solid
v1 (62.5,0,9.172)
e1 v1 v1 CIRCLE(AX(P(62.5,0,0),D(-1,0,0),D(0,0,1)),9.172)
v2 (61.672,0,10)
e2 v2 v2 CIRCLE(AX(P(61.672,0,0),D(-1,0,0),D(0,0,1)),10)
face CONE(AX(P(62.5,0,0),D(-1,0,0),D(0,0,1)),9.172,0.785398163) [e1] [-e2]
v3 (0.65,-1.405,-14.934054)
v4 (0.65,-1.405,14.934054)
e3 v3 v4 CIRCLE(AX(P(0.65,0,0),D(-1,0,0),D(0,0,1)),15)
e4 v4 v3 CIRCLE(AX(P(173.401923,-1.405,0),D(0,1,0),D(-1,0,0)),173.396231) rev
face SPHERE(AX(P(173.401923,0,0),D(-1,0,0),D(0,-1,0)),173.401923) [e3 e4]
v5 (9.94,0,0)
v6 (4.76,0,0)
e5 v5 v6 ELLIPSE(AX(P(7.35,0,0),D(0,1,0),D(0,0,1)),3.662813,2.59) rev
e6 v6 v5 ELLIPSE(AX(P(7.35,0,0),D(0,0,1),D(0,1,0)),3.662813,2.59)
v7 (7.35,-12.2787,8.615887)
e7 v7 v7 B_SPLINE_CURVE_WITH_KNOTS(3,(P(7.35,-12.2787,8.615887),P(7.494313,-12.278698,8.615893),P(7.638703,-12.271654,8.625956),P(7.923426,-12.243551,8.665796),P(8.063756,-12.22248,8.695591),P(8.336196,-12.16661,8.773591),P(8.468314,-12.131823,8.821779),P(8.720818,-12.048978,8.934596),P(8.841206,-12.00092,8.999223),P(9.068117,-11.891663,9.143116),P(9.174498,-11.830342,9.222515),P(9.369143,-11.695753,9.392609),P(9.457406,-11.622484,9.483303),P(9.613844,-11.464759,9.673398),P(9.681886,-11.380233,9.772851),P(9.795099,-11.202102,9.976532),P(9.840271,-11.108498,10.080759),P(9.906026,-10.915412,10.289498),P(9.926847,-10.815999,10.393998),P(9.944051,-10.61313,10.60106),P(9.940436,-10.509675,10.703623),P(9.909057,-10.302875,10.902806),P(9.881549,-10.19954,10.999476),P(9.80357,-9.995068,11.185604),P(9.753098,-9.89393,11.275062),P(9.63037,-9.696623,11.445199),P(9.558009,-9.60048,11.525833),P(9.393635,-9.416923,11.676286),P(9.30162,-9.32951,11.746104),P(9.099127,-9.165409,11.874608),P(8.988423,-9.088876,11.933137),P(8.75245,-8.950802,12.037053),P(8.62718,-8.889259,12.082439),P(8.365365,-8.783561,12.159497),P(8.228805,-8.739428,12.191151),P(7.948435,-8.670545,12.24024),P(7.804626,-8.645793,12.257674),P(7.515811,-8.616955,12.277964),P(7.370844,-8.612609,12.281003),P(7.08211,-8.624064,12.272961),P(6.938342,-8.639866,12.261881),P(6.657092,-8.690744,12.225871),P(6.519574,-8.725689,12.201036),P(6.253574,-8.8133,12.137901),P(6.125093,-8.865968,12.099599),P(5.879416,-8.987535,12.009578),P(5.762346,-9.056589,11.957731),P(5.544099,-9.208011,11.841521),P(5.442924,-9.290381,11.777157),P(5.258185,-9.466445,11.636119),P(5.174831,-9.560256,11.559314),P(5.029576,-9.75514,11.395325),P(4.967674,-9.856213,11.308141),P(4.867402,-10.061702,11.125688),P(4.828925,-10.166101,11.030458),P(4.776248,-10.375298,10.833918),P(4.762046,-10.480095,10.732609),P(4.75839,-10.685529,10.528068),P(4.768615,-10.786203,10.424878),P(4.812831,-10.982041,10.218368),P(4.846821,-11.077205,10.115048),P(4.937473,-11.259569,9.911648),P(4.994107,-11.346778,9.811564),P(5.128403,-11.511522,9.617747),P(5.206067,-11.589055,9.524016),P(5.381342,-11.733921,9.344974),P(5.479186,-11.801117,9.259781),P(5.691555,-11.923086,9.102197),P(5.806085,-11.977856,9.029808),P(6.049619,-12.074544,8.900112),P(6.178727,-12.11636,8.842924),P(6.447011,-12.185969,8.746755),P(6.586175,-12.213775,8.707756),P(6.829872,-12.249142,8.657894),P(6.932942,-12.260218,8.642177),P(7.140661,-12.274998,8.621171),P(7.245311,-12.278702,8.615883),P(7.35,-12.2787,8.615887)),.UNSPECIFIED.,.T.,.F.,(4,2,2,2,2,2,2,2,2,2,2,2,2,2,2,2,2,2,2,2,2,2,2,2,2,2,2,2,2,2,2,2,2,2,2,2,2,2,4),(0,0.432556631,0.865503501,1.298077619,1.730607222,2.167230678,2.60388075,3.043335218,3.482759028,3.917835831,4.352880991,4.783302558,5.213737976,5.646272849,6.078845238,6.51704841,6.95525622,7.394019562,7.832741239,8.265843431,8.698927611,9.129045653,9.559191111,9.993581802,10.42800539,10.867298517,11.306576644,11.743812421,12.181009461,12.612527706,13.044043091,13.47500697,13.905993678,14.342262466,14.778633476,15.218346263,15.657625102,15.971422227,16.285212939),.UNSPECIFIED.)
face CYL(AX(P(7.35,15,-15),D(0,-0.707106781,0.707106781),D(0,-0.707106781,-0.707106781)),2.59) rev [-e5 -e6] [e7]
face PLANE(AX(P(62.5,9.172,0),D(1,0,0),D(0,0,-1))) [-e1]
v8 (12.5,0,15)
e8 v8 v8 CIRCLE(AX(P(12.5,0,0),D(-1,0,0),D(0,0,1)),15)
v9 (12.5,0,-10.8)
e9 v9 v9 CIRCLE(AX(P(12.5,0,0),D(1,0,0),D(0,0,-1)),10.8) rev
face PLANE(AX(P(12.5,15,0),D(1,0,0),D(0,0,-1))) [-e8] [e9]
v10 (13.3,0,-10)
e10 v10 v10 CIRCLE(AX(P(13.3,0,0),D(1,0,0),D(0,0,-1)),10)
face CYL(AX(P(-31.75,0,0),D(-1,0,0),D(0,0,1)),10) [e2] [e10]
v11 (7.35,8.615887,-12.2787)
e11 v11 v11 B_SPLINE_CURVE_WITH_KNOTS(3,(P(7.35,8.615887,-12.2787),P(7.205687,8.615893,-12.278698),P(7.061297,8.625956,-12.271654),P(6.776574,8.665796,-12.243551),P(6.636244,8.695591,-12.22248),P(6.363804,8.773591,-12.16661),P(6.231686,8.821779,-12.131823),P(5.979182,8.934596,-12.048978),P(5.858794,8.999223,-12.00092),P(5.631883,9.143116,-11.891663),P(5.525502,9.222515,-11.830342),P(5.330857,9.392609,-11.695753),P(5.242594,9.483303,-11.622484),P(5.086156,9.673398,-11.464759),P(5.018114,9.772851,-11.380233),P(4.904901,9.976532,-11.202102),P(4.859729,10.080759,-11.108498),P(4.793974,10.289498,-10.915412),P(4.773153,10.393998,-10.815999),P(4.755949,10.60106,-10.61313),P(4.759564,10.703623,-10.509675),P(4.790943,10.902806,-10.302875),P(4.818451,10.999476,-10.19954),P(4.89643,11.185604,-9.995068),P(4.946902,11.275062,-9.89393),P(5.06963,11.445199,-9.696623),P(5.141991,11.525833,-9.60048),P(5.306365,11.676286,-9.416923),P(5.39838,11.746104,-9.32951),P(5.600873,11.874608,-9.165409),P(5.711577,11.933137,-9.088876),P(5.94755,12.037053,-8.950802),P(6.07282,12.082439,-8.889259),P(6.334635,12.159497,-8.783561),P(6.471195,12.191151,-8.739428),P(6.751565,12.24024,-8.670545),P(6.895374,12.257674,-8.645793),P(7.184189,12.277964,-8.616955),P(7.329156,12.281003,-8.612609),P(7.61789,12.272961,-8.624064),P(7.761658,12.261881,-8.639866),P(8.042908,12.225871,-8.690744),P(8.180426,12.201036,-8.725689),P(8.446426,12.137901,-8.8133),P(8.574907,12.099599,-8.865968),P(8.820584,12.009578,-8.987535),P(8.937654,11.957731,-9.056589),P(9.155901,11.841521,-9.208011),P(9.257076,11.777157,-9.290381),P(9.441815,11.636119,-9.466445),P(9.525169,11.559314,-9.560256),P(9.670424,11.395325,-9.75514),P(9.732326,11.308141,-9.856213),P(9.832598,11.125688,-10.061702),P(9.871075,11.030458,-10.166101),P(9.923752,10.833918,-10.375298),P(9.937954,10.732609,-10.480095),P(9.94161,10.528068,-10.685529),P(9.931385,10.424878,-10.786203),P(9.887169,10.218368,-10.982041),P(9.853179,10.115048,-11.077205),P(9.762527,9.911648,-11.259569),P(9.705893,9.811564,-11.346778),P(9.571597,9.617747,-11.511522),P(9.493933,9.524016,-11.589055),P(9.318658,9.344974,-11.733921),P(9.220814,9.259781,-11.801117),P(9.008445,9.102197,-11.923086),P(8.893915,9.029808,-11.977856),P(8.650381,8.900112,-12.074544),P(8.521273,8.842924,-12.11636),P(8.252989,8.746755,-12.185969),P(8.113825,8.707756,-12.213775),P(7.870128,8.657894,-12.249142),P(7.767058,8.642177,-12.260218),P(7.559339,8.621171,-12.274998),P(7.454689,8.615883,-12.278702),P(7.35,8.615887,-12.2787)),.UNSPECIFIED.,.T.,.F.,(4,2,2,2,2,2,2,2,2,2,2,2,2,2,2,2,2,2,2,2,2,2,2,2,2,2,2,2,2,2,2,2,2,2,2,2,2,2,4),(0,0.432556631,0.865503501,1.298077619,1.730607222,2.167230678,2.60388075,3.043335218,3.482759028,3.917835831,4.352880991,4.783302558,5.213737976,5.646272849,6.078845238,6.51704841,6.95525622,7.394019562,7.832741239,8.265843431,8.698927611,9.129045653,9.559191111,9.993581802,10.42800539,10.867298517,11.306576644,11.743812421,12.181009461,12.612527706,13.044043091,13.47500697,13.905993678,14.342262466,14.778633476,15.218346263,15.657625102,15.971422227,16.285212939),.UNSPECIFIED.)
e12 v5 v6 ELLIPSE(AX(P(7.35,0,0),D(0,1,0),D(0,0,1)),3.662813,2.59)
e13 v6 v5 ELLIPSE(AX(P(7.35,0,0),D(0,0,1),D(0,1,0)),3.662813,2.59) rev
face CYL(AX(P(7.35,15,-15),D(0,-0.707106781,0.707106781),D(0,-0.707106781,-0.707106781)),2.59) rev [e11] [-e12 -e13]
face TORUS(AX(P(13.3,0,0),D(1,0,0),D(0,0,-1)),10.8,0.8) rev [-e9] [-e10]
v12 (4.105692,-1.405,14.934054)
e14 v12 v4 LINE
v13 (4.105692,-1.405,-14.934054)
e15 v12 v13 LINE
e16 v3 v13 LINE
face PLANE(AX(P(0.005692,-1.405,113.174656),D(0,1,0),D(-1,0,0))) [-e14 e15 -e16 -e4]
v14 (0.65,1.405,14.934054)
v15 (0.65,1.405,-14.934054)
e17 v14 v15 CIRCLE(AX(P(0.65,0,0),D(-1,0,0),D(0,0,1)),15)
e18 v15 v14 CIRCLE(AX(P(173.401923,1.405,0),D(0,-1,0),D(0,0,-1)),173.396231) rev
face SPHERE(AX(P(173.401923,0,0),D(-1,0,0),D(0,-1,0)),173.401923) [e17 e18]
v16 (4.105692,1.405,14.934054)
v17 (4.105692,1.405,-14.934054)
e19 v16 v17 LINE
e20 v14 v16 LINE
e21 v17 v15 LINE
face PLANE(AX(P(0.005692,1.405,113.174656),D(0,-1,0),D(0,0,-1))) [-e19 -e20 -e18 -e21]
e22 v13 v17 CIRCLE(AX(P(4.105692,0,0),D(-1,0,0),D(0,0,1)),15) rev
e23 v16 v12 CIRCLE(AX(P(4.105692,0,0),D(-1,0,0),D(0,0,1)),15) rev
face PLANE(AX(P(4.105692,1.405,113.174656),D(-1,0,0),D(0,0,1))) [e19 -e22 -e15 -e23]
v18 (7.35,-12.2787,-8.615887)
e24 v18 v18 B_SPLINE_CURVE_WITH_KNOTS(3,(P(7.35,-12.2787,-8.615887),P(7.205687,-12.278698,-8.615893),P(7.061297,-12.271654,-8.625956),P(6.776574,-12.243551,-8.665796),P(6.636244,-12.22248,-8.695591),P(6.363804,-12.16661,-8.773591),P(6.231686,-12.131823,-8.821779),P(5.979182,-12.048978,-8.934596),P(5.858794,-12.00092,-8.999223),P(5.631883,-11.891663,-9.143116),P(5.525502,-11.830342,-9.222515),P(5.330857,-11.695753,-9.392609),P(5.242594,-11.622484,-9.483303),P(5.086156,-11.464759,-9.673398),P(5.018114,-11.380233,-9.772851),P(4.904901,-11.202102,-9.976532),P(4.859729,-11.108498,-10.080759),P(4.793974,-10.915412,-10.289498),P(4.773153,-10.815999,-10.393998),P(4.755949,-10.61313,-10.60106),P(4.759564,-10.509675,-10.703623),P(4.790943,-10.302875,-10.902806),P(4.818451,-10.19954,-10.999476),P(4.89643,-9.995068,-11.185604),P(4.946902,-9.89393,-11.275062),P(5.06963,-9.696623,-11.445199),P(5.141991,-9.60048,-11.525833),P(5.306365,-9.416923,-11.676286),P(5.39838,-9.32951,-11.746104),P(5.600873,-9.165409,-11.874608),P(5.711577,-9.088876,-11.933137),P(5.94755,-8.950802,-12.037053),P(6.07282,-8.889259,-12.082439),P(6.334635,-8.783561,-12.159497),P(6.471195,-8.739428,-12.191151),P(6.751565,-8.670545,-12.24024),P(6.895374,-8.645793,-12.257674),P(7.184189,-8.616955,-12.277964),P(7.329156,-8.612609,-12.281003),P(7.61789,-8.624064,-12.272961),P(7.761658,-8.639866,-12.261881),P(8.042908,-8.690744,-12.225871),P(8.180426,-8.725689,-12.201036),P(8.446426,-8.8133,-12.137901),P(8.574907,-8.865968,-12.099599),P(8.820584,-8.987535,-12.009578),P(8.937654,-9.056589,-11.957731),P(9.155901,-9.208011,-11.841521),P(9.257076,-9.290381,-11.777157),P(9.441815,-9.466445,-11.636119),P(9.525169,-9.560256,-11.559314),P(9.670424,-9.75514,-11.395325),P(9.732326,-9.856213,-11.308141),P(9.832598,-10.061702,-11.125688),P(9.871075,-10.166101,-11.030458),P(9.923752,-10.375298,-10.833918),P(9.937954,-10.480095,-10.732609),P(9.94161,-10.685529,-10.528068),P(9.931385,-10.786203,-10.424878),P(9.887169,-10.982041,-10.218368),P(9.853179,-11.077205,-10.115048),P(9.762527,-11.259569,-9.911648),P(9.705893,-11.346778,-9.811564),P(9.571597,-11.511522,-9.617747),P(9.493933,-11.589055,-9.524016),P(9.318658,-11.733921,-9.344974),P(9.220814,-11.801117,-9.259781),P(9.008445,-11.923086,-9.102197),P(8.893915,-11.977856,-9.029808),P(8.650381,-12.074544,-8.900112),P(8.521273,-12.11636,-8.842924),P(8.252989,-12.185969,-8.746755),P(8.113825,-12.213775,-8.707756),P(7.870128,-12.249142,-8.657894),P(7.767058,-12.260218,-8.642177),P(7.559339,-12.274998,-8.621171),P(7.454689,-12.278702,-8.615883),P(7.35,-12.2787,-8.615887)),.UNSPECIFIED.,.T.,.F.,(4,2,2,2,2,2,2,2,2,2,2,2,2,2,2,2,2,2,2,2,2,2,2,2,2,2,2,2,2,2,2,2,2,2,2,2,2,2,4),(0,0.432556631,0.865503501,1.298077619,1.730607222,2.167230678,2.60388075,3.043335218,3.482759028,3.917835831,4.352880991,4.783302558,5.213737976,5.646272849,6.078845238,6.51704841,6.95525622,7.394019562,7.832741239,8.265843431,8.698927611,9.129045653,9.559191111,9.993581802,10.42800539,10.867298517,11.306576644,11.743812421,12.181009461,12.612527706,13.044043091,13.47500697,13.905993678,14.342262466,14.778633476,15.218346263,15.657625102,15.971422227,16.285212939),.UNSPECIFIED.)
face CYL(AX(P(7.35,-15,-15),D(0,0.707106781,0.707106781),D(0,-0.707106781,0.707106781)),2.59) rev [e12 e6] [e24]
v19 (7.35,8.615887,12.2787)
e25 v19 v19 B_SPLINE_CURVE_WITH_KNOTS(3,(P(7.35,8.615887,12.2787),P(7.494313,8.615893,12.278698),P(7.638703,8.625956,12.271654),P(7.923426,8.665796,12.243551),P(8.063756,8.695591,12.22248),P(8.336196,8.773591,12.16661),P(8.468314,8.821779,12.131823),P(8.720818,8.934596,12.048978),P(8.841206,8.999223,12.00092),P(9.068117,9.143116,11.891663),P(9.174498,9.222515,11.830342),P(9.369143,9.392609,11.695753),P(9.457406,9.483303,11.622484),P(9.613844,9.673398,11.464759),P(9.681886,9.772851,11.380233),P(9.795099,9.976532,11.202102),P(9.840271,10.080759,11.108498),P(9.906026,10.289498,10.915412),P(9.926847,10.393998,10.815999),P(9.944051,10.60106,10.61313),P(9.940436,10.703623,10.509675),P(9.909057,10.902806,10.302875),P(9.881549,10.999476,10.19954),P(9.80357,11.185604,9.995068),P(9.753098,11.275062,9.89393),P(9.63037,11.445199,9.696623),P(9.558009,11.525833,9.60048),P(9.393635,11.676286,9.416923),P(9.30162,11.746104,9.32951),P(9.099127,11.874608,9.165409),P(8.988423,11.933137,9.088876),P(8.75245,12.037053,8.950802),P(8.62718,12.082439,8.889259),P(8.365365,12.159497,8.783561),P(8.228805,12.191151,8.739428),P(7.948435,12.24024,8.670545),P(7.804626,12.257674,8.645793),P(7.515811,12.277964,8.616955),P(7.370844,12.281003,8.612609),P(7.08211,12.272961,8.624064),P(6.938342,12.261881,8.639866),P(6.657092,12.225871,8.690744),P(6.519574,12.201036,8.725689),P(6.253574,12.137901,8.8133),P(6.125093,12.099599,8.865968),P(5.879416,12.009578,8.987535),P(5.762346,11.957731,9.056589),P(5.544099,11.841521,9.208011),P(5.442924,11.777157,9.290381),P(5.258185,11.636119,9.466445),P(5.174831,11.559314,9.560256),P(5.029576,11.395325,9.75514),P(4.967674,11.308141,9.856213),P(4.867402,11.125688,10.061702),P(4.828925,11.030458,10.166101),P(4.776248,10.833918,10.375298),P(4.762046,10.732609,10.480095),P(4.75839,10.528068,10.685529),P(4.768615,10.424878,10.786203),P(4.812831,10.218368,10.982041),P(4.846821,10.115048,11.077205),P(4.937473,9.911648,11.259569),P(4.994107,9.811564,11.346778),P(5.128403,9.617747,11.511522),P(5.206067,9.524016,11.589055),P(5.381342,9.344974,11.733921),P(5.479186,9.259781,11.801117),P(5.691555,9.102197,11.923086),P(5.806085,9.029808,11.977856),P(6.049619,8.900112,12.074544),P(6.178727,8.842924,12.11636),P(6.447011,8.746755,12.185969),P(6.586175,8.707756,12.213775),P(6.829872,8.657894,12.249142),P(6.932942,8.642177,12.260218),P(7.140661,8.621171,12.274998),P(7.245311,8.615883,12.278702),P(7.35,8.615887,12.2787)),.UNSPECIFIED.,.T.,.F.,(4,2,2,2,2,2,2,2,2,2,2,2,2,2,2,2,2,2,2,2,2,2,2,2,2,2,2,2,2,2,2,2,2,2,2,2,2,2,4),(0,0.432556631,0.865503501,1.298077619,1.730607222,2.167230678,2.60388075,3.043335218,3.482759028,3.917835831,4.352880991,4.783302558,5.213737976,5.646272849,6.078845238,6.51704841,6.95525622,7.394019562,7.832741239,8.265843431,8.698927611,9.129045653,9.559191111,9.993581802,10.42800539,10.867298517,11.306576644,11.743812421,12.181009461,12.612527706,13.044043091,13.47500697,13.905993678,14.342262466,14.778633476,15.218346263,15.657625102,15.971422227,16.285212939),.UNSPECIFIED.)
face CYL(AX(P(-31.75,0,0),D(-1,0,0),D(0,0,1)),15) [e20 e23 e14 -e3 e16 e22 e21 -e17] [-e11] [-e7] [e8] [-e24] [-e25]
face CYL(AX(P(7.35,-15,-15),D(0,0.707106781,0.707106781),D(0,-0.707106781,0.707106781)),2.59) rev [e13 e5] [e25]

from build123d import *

# Parameters (mm, degrees)
FILLET1_R         = 0.8
SLOT_DEPTH        = 67.001893912
SLOT_DEPTH_BACK   = 67.001893912
HOLESKE_R         = 2.59
DRILL_HOLE_DEPTH  = 67.001893912
DRILL_HOLES_COUNT = 2
DRILL_HOLES_ANGLE = 90


with BuildPart() as part:
    # BodySke → Base-Revolve (revolve)
    with BuildSketch(Plane.XY, mode=Mode.PRIVATE) as base_revolve_sk:
        with BuildLine():
            Line((0.65, 15), (12.5, 15))
            Line((12.5, 15), (12.5, 10))
            Line((12.5, 10), (61.672, 10))
            Line((61.672, 10), (62.5, 9.172))
            Line((62.5, 9.172), (62.5, 0))
            Line((62.5, 0), (0, 0))
            ThreePointArc((0, 0), (0.162576213, 7.507038364), (0.65, 15))
        make_face()
    revolve(base_revolve_sk.sketch.rotate(Axis((-31.75, 0, 0), (1, 0, 0)), 90), axis=Axis((-31.75, 0, 0), (1, 0, 0)))

    # Fillet1
    fillet1_edges = [part.edges().sort_by_distance(p)[0] for p in [
        (12.5, 0, -10),
    ]]
    fillet(fillet1_edges, radius=FILLET1_R)

    # Sketch3 → Slot (cut, two sides: drawn at the far end of the back side and taken through both)
    with BuildSketch(Plane.XY.offset(-SLOT_DEPTH_BACK)):
        Polygon((-139.217564887, 1.405), (0.005692144, 1.405), (4.105692144, 1.405), (4.105692144, -1.405), (0.005692144, -1.405), (-139.217564887, -1.405), (-417.664078948, -1.405), (-417.664078948, 1.405), align=None)
    extrude(amount=SLOT_DEPTH + SLOT_DEPTH_BACK, mode=Mode.SUBTRACT)

    # HoleSke → Drill Hole (cut, symmetric)
    with BuildSketch(Plane(origin=(0, 0, 0), x_dir=(1, 0, 0), z_dir=(0, 0.7071067811865462, 0.7071067811865488))):
        with Locations(Location((7.35, 0, 0), (0, 0, 270))):
            Circle(HOLESKE_R)
    drill_hole = extrude(amount=DRILL_HOLE_DEPTH, both=True, mode=Mode.SUBTRACT)

    # Drill Holes: Drill Hole ×2 about axis
    drill_holes_axis = Axis((0, 0, 0), (1, 0, 0))
    for i in range(1, DRILL_HOLES_COUNT):
        add(drill_hole.rotate(drill_holes_axis, i * DRILL_HOLES_ANGLE / (DRILL_HOLES_COUNT - 1)), mode=Mode.SUBTRACT)


solid = part.part
